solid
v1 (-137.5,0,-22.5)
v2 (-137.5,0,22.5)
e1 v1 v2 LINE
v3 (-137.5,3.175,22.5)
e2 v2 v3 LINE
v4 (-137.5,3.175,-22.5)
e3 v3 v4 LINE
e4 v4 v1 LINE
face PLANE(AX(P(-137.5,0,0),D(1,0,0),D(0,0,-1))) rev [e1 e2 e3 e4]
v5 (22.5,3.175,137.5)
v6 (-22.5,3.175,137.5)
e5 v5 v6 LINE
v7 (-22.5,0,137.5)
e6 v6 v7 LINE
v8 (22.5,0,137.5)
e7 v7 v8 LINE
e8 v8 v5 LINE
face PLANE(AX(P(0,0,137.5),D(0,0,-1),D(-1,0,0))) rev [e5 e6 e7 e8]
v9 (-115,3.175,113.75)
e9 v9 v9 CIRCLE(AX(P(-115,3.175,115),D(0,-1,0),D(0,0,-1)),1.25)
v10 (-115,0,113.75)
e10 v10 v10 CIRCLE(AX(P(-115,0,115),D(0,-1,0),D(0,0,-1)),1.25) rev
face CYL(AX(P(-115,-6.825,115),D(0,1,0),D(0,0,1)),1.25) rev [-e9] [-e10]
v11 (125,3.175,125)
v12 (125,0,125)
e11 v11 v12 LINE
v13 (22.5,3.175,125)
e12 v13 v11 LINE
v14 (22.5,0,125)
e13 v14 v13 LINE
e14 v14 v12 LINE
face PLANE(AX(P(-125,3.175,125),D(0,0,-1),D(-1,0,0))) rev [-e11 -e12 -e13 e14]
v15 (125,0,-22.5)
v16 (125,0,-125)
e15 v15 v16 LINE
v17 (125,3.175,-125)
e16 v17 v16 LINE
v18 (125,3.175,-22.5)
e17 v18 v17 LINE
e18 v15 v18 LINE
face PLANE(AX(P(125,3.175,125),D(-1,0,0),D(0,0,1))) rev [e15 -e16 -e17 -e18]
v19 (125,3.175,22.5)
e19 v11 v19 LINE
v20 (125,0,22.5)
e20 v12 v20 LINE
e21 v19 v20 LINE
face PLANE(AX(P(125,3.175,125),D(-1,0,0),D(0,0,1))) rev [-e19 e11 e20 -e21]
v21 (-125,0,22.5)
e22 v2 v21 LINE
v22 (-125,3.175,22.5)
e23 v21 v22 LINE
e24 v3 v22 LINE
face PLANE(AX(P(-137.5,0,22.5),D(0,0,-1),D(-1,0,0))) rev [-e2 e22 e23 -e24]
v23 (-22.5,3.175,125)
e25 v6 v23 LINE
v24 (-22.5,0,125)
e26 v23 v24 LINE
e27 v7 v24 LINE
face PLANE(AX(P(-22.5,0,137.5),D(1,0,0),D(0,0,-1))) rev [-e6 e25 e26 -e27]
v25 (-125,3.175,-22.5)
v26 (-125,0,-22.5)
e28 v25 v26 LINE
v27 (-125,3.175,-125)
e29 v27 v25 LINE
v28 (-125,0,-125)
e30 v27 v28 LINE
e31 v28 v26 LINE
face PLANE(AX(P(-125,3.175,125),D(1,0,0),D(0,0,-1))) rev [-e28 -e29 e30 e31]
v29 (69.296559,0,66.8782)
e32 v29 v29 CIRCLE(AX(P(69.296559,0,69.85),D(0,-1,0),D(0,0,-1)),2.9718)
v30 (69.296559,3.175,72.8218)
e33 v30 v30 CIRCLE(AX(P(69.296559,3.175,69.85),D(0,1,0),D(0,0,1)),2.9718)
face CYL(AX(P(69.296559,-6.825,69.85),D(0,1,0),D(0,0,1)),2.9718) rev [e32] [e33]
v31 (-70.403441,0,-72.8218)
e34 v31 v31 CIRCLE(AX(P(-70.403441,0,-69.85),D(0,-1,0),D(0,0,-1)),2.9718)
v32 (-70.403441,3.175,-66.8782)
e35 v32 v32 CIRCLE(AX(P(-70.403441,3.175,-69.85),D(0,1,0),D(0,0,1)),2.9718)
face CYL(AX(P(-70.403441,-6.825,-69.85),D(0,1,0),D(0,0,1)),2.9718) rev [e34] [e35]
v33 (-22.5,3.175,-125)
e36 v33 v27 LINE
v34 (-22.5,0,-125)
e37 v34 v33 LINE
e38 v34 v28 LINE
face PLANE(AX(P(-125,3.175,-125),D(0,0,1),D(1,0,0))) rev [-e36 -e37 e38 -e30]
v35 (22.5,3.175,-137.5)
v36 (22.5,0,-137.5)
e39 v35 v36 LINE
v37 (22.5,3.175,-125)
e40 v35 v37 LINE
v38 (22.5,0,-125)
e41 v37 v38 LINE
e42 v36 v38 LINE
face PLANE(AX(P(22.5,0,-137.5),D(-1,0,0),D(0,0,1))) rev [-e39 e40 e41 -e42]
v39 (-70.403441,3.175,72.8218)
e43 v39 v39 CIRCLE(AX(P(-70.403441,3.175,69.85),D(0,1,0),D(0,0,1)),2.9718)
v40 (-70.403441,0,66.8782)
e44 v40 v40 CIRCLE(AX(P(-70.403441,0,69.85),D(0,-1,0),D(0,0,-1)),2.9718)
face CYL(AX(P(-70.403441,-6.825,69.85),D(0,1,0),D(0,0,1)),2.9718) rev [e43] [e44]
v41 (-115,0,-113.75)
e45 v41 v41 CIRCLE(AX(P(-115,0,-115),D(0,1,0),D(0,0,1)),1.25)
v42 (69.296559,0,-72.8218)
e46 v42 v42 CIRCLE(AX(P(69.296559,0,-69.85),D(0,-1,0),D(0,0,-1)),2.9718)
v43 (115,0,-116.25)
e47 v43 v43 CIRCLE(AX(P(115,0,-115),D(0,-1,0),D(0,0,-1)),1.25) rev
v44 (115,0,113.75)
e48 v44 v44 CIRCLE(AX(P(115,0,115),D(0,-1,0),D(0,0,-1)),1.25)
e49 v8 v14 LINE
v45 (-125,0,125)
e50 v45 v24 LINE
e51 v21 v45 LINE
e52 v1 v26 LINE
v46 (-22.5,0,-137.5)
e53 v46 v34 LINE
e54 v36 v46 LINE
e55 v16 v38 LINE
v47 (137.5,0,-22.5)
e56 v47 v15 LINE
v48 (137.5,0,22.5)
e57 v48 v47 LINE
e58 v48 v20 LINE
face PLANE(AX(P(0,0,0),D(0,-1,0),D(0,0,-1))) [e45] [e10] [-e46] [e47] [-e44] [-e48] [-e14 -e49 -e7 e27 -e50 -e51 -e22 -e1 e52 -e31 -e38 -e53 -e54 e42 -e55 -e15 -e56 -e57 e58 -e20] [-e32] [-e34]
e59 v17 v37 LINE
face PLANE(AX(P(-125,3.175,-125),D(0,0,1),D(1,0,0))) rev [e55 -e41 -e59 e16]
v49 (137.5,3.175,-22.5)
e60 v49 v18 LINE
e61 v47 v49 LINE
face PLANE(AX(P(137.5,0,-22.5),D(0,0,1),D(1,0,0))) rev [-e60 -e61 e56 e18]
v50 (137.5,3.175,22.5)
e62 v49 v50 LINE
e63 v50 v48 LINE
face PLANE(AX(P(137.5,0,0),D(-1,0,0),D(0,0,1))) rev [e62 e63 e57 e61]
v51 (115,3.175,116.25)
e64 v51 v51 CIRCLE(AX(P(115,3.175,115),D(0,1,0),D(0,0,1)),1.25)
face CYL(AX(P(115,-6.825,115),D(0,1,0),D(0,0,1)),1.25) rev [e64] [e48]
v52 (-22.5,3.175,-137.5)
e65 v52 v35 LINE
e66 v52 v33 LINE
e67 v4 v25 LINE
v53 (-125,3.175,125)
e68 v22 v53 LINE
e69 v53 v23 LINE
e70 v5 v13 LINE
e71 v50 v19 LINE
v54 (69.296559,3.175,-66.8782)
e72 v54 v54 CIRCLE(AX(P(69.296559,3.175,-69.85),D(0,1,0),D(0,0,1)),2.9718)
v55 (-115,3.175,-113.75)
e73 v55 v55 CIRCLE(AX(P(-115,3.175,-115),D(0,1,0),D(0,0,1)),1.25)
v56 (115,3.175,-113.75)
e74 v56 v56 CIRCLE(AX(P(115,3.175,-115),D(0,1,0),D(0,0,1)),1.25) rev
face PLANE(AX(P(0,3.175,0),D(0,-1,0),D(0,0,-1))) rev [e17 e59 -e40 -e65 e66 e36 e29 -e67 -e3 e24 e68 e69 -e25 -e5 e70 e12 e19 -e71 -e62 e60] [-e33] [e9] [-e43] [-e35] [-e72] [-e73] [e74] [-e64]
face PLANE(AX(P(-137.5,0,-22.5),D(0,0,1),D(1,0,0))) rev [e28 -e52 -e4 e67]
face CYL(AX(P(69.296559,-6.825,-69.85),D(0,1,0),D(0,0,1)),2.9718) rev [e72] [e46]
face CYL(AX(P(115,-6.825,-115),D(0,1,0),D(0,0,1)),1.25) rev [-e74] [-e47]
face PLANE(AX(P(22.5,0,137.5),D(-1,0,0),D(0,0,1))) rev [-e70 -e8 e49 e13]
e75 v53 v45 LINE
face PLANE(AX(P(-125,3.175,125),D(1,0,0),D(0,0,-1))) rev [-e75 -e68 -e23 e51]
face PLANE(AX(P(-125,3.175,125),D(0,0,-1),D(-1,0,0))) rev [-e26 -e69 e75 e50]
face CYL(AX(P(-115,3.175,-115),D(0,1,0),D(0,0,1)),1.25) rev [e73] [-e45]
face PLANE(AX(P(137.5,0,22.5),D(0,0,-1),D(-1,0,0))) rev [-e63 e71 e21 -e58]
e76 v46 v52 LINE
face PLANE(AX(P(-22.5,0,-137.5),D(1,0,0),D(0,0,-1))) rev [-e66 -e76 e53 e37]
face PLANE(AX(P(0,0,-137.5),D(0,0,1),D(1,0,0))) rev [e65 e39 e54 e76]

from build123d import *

# Parameters (mm, degrees)
SKETCH2_W           = 250
SKETCH2_H           = 250
BOSS_EXTRUDE1_DEPTH = 3.175
SKETCH10_W          = 45
SKETCH10_H          = 3.175
BOSS_EXTRUDE2_DEPTH = 12.5
SKETCH11_W          = 45
SKETCH11_H          = 3.175
BOSS_EXTRUDE3_DEPTH = 12.5
SKETCH13_W          = 45
SKETCH13_H          = 3.175
BOSS_EXTRUDE4_DEPTH = 12.5
SKETCH14_W          = 45
SKETCH14_H          = 3.175
BOSS_EXTRUDE5_DEPTH = 12.5
M3_TAPPED_HOLE1_D   = 2.5
SKETCH21_R          = 1.25
CUT_EXTRUDE2_DEPTH  = 10
SKETCH23_R          = 2.9718
CUT_EXTRUDE10_DEPTH = 10


with BuildPart() as part:
    # Sketch2 → Boss-Extrude1 (new body)
    with BuildSketch(Plane(origin=(0, 0, 0), x_dir=(1, 0, 0), z_dir=(0, 1, 0))):
        Rectangle(SKETCH2_W, SKETCH2_H)
    extrude(amount=BOSS_EXTRUDE1_DEPTH)

    # Sketch10 → Boss-Extrude2 (add)
    with BuildSketch(Plane(origin=(0, 0, -125), x_dir=(-1, 0, 0), z_dir=(0, 0, -1))):
        with Locations((0, 1.5875)):
            Rectangle(SKETCH10_W, SKETCH10_H)
    extrude(amount=BOSS_EXTRUDE2_DEPTH)

    # Sketch11 → Boss-Extrude3 (add)
    with BuildSketch(Plane.ZY.offset(125)):
        with Locations((0, 1.5875)):
            Rectangle(SKETCH11_W, SKETCH11_H)
    extrude(amount=BOSS_EXTRUDE3_DEPTH)

    # Sketch13 → Boss-Extrude4 (add)
    with BuildSketch(Plane.XY.offset(125)):
        with Locations((0, 1.5875)):
            Rectangle(SKETCH13_W, SKETCH13_H)
    extrude(amount=BOSS_EXTRUDE4_DEPTH)

    # Sketch14 → Boss-Extrude5 (add)
    with BuildSketch(Plane(origin=(125, 0, 0), x_dir=(0, 0, -1), z_dir=(1, 0, 0))):
        with Locations((0, 1.5875)):
            Rectangle(SKETCH14_W, SKETCH14_H)
    extrude(amount=BOSS_EXTRUDE5_DEPTH)

    # M3 Tapped Hole1 (through all)
    with Locations(Plane(origin=(-115, 3.175, -115), x_dir=(0, 0, 1), z_dir=(0, 1, 0))):
        with Locations((0, 0)):
            Hole(M3_TAPPED_HOLE1_D / 2)

    # Sketch21 → Cut-Extrude2 (cut)
    with BuildSketch(Plane(origin=(0, 3.175, 0), x_dir=(1, 0, 0), z_dir=(0, 1, 0))):
        with Locations((115, 115)):
            Circle(SKETCH21_R)
        with Locations((115, -115)):
            Circle(SKETCH21_R)
        with Locations((-115, -115)):
            Circle(SKETCH21_R)
    extrude(amount=-CUT_EXTRUDE2_DEPTH, mode=Mode.SUBTRACT)

    # Sketch23 → Cut-Extrude10 (cut)
    with BuildSketch(Plane(origin=(0, 3.175, 0), x_dir=(1, 0, 0), z_dir=(0, 1, 0))):
        with Locations((-70.403440877, -69.85)):
            Circle(SKETCH23_R)
        with Locations((-70.403440877, 69.85)):
            Circle(SKETCH23_R)
        with Locations((69.296559123, 69.85)):
            Circle(SKETCH23_R)
        with Locations((69.296559123, -69.85)):
            Circle(SKETCH23_R)
    extrude(amount=-CUT_EXTRUDE10_DEPTH, mode=Mode.SUBTRACT)


solid = part.part
